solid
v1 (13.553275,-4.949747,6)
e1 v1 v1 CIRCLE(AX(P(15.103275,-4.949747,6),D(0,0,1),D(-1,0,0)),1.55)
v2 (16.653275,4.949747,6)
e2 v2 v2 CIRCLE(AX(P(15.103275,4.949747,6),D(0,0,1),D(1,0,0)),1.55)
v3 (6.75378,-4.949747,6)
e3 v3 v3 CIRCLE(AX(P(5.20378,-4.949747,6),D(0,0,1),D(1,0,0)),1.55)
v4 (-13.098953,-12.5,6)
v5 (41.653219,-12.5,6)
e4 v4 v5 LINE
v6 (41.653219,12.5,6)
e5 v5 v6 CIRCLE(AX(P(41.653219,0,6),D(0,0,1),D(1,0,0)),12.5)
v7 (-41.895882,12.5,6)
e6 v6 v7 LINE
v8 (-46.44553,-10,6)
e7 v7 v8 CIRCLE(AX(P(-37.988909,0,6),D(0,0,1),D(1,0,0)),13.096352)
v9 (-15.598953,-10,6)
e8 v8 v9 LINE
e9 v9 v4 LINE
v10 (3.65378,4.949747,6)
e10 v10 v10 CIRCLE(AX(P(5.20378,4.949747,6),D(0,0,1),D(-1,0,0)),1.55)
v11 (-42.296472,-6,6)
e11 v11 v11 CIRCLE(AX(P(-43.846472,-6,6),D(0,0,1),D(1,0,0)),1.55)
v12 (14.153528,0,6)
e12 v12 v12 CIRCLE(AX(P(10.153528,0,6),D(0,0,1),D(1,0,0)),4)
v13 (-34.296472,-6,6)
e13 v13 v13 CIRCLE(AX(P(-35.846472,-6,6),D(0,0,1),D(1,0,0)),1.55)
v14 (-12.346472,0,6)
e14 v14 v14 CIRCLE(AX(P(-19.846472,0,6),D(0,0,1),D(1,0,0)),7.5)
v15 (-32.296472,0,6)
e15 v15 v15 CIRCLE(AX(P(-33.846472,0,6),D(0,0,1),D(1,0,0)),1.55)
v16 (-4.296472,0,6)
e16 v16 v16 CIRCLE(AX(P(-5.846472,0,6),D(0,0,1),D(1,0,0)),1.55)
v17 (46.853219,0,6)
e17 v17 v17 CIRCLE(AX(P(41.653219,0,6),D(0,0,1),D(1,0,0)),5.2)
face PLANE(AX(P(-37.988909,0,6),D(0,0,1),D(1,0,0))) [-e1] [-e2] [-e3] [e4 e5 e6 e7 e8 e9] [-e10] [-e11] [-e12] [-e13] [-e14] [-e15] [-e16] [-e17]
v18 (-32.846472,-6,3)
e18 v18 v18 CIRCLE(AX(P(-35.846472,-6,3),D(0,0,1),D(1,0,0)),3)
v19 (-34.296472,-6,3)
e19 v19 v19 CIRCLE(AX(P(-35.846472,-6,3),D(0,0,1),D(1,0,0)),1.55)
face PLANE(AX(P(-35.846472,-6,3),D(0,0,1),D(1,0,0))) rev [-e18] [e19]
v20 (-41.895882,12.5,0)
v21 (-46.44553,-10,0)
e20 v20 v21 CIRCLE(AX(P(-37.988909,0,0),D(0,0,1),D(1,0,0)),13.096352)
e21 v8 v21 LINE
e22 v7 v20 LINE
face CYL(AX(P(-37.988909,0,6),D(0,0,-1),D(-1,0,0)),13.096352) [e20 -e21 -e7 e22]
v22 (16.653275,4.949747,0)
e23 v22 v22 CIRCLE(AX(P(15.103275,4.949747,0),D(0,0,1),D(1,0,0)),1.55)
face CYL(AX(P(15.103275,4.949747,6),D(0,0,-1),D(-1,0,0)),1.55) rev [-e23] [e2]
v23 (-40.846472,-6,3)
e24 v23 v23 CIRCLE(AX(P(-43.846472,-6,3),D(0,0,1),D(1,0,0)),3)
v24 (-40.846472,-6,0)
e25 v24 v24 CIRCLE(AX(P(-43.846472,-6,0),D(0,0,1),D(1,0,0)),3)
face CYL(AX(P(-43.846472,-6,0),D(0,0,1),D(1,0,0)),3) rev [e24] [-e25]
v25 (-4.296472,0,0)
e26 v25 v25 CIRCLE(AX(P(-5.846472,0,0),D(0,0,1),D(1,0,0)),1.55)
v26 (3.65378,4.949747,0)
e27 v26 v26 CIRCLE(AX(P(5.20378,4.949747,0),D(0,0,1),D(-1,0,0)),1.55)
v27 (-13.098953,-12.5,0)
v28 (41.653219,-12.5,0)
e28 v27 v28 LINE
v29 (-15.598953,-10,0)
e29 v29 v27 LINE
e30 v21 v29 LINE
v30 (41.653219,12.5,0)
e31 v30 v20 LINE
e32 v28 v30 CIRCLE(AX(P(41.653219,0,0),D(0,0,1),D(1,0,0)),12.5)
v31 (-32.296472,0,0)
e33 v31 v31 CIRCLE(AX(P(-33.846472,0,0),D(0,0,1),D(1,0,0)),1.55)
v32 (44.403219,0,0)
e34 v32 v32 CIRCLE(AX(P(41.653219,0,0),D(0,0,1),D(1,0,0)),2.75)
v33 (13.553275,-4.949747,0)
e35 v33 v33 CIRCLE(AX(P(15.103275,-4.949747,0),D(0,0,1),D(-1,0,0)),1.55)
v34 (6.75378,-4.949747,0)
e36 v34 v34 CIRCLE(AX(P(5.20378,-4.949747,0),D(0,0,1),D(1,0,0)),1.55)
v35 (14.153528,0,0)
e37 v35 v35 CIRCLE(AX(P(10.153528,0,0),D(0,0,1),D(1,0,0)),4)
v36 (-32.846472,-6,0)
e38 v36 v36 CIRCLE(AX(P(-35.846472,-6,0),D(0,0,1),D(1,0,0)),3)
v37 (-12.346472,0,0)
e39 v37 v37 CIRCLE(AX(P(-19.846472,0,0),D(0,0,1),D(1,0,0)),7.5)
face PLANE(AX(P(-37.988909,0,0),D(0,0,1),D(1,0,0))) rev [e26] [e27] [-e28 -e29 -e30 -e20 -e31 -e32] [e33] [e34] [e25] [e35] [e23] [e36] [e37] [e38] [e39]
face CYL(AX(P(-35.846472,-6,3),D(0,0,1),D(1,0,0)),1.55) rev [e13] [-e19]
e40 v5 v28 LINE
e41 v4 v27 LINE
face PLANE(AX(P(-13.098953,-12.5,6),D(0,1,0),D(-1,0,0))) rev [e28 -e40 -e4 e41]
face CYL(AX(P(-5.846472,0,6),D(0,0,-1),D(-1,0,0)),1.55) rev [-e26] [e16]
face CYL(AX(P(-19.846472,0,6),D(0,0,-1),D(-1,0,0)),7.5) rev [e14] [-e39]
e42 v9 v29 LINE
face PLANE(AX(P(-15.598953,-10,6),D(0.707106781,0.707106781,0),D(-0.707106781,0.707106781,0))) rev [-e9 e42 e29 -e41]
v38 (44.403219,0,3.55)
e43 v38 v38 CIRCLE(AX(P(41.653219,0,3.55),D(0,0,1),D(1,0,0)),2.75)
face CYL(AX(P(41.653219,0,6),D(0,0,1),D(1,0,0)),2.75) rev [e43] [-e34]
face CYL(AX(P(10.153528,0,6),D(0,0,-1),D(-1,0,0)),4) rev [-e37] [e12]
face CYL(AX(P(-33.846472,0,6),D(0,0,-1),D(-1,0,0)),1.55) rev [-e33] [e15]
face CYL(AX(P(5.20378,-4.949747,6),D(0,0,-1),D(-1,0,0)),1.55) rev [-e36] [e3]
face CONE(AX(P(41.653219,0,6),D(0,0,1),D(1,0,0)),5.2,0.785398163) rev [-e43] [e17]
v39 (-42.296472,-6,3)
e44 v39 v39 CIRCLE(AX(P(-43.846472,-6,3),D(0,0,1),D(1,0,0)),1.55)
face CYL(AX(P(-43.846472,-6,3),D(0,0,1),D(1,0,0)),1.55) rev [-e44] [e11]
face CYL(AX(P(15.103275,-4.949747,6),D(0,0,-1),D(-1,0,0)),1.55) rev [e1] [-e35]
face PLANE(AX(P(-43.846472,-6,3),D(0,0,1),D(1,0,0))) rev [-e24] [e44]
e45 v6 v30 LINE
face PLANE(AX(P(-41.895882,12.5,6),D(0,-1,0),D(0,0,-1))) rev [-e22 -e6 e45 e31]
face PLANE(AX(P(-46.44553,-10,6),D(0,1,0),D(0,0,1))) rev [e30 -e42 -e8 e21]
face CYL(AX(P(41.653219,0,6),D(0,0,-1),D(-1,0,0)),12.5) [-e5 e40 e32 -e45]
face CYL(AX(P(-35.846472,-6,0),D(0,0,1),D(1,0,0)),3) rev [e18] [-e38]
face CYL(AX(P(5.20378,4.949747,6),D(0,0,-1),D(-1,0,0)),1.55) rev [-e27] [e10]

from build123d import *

# Parameters (mm, degrees)
SKETCH1_R                                       = 4
SKETCH1_R_2                                     = 1.55
SKETCH1_R_3                                     = 7.5
BOSS_EXTRUDE1_DEPTH                             = 6
CSK_FOR_M5_FLAT_HEAD_MACHINE_SCREW1_D           = 5.5
CSK_FOR_M5_FLAT_HEAD_MACHINE_SCREW1_DEPTH       = 13.347633298
CSK_FOR_M5_FLAT_HEAD_MACHINE_SCREW1_CSINK_D     = 10.4
CSK_FOR_M5_FLAT_HEAD_MACHINE_SCREW1_CSINK_ANGLE = 90
CSK_FOR_M5_FLAT_HEAD_MACHINE_SCREW1_TIP         = 1.652366702
SKETCH7_R                                       = 1.55
CUT_EXTRUDE1_DEPTH                              = 3
SKETCH8_R                                       = 3
CUT_EXTRUDE2_DEPTH                              = 56.658073272


with BuildPart() as part:
    # Sketch1 → Boss-Extrude1 (new body)
    with BuildSketch(Plane.XY):
        with BuildLine():
            Line((-46.445530028, -10), (-15.598952553, -10))
            Line((-15.598952553, -10), (-13.098952553, -12.5))
            Line((-13.098952553, -12.5), (41.653218929, -12.5))
            ThreePointArc((41.653218929, -12.5), (54.153218929, 0), (41.653218929, 12.5))
            Line((41.653218929, 12.5), (-41.895881711, 12.5))
            ThreePointArc((-41.895881711, 12.5), (-50.825462961, 2.595635751), (-46.445530028, -10))
        make_face()
        with Locations((10.153527864, 0)):
            Circle(SKETCH1_R, mode=Mode.SUBTRACT)
        with Locations((15.103275332, 4.949747468)):
            Circle(SKETCH1_R_2, mode=Mode.SUBTRACT)
        with Locations(Location((5.203780395, 4.949747468, 0), (0, 0, 180))):
            Circle(SKETCH1_R_2, mode=Mode.SUBTRACT)
        with Locations(Location((15.103275332, -4.949747468, 0), (0, 0, 180))):
            Circle(SKETCH1_R_2, mode=Mode.SUBTRACT)
        with Locations((5.203780395, -4.949747468)):
            Circle(SKETCH1_R_2, mode=Mode.SUBTRACT)
        with Locations((-33.846472136, 0)):
            Circle(SKETCH1_R_2, mode=Mode.SUBTRACT)
        with Locations((-19.846472136, 0)):
            Circle(SKETCH1_R_3, mode=Mode.SUBTRACT)
        with Locations((-5.846472136, 0)):
            Circle(SKETCH1_R_2, mode=Mode.SUBTRACT)
    extrude(amount=BOSS_EXTRUDE1_DEPTH)

    # CSK for M5 Flat Head Machine Screw1
    with Locations(Plane.XY.offset(6)):
        with Locations((41.653218929, 0)):
            CounterSinkHole(CSK_FOR_M5_FLAT_HEAD_MACHINE_SCREW1_D / 2, CSK_FOR_M5_FLAT_HEAD_MACHINE_SCREW1_CSINK_D / 2, depth=CSK_FOR_M5_FLAT_HEAD_MACHINE_SCREW1_DEPTH, counter_sink_angle=CSK_FOR_M5_FLAT_HEAD_MACHINE_SCREW1_CSINK_ANGLE)
            with Locations((0, 0, -(CSK_FOR_M5_FLAT_HEAD_MACHINE_SCREW1_DEPTH + CSK_FOR_M5_FLAT_HEAD_MACHINE_SCREW1_TIP / 2))):  # 118° drill point
                Cone(0, CSK_FOR_M5_FLAT_HEAD_MACHINE_SCREW1_D / 2, CSK_FOR_M5_FLAT_HEAD_MACHINE_SCREW1_TIP, mode=Mode.SUBTRACT)

    # Sketch7 → Cut-Extrude1 (cut)
    with BuildSketch(Plane.XY.offset(6)):
        with Locations((-43.846472136, -6)):
            Circle(SKETCH7_R)
        with Locations((-35.846472136, -6)):
            Circle(SKETCH7_R)
    extrude(amount=-CUT_EXTRUDE1_DEPTH, mode=Mode.SUBTRACT)

    # Sketch8 → Cut-Extrude2 (cut, through all)
    with BuildSketch(Plane.XY.offset(3)):
        with Locations((-35.846472136, -6)):
            Circle(SKETCH8_R)
        with Locations((-43.846472136, -6)):
            Circle(SKETCH8_R)
    extrude(amount=-CUT_EXTRUDE2_DEPTH, mode=Mode.SUBTRACT)


solid = part.part
